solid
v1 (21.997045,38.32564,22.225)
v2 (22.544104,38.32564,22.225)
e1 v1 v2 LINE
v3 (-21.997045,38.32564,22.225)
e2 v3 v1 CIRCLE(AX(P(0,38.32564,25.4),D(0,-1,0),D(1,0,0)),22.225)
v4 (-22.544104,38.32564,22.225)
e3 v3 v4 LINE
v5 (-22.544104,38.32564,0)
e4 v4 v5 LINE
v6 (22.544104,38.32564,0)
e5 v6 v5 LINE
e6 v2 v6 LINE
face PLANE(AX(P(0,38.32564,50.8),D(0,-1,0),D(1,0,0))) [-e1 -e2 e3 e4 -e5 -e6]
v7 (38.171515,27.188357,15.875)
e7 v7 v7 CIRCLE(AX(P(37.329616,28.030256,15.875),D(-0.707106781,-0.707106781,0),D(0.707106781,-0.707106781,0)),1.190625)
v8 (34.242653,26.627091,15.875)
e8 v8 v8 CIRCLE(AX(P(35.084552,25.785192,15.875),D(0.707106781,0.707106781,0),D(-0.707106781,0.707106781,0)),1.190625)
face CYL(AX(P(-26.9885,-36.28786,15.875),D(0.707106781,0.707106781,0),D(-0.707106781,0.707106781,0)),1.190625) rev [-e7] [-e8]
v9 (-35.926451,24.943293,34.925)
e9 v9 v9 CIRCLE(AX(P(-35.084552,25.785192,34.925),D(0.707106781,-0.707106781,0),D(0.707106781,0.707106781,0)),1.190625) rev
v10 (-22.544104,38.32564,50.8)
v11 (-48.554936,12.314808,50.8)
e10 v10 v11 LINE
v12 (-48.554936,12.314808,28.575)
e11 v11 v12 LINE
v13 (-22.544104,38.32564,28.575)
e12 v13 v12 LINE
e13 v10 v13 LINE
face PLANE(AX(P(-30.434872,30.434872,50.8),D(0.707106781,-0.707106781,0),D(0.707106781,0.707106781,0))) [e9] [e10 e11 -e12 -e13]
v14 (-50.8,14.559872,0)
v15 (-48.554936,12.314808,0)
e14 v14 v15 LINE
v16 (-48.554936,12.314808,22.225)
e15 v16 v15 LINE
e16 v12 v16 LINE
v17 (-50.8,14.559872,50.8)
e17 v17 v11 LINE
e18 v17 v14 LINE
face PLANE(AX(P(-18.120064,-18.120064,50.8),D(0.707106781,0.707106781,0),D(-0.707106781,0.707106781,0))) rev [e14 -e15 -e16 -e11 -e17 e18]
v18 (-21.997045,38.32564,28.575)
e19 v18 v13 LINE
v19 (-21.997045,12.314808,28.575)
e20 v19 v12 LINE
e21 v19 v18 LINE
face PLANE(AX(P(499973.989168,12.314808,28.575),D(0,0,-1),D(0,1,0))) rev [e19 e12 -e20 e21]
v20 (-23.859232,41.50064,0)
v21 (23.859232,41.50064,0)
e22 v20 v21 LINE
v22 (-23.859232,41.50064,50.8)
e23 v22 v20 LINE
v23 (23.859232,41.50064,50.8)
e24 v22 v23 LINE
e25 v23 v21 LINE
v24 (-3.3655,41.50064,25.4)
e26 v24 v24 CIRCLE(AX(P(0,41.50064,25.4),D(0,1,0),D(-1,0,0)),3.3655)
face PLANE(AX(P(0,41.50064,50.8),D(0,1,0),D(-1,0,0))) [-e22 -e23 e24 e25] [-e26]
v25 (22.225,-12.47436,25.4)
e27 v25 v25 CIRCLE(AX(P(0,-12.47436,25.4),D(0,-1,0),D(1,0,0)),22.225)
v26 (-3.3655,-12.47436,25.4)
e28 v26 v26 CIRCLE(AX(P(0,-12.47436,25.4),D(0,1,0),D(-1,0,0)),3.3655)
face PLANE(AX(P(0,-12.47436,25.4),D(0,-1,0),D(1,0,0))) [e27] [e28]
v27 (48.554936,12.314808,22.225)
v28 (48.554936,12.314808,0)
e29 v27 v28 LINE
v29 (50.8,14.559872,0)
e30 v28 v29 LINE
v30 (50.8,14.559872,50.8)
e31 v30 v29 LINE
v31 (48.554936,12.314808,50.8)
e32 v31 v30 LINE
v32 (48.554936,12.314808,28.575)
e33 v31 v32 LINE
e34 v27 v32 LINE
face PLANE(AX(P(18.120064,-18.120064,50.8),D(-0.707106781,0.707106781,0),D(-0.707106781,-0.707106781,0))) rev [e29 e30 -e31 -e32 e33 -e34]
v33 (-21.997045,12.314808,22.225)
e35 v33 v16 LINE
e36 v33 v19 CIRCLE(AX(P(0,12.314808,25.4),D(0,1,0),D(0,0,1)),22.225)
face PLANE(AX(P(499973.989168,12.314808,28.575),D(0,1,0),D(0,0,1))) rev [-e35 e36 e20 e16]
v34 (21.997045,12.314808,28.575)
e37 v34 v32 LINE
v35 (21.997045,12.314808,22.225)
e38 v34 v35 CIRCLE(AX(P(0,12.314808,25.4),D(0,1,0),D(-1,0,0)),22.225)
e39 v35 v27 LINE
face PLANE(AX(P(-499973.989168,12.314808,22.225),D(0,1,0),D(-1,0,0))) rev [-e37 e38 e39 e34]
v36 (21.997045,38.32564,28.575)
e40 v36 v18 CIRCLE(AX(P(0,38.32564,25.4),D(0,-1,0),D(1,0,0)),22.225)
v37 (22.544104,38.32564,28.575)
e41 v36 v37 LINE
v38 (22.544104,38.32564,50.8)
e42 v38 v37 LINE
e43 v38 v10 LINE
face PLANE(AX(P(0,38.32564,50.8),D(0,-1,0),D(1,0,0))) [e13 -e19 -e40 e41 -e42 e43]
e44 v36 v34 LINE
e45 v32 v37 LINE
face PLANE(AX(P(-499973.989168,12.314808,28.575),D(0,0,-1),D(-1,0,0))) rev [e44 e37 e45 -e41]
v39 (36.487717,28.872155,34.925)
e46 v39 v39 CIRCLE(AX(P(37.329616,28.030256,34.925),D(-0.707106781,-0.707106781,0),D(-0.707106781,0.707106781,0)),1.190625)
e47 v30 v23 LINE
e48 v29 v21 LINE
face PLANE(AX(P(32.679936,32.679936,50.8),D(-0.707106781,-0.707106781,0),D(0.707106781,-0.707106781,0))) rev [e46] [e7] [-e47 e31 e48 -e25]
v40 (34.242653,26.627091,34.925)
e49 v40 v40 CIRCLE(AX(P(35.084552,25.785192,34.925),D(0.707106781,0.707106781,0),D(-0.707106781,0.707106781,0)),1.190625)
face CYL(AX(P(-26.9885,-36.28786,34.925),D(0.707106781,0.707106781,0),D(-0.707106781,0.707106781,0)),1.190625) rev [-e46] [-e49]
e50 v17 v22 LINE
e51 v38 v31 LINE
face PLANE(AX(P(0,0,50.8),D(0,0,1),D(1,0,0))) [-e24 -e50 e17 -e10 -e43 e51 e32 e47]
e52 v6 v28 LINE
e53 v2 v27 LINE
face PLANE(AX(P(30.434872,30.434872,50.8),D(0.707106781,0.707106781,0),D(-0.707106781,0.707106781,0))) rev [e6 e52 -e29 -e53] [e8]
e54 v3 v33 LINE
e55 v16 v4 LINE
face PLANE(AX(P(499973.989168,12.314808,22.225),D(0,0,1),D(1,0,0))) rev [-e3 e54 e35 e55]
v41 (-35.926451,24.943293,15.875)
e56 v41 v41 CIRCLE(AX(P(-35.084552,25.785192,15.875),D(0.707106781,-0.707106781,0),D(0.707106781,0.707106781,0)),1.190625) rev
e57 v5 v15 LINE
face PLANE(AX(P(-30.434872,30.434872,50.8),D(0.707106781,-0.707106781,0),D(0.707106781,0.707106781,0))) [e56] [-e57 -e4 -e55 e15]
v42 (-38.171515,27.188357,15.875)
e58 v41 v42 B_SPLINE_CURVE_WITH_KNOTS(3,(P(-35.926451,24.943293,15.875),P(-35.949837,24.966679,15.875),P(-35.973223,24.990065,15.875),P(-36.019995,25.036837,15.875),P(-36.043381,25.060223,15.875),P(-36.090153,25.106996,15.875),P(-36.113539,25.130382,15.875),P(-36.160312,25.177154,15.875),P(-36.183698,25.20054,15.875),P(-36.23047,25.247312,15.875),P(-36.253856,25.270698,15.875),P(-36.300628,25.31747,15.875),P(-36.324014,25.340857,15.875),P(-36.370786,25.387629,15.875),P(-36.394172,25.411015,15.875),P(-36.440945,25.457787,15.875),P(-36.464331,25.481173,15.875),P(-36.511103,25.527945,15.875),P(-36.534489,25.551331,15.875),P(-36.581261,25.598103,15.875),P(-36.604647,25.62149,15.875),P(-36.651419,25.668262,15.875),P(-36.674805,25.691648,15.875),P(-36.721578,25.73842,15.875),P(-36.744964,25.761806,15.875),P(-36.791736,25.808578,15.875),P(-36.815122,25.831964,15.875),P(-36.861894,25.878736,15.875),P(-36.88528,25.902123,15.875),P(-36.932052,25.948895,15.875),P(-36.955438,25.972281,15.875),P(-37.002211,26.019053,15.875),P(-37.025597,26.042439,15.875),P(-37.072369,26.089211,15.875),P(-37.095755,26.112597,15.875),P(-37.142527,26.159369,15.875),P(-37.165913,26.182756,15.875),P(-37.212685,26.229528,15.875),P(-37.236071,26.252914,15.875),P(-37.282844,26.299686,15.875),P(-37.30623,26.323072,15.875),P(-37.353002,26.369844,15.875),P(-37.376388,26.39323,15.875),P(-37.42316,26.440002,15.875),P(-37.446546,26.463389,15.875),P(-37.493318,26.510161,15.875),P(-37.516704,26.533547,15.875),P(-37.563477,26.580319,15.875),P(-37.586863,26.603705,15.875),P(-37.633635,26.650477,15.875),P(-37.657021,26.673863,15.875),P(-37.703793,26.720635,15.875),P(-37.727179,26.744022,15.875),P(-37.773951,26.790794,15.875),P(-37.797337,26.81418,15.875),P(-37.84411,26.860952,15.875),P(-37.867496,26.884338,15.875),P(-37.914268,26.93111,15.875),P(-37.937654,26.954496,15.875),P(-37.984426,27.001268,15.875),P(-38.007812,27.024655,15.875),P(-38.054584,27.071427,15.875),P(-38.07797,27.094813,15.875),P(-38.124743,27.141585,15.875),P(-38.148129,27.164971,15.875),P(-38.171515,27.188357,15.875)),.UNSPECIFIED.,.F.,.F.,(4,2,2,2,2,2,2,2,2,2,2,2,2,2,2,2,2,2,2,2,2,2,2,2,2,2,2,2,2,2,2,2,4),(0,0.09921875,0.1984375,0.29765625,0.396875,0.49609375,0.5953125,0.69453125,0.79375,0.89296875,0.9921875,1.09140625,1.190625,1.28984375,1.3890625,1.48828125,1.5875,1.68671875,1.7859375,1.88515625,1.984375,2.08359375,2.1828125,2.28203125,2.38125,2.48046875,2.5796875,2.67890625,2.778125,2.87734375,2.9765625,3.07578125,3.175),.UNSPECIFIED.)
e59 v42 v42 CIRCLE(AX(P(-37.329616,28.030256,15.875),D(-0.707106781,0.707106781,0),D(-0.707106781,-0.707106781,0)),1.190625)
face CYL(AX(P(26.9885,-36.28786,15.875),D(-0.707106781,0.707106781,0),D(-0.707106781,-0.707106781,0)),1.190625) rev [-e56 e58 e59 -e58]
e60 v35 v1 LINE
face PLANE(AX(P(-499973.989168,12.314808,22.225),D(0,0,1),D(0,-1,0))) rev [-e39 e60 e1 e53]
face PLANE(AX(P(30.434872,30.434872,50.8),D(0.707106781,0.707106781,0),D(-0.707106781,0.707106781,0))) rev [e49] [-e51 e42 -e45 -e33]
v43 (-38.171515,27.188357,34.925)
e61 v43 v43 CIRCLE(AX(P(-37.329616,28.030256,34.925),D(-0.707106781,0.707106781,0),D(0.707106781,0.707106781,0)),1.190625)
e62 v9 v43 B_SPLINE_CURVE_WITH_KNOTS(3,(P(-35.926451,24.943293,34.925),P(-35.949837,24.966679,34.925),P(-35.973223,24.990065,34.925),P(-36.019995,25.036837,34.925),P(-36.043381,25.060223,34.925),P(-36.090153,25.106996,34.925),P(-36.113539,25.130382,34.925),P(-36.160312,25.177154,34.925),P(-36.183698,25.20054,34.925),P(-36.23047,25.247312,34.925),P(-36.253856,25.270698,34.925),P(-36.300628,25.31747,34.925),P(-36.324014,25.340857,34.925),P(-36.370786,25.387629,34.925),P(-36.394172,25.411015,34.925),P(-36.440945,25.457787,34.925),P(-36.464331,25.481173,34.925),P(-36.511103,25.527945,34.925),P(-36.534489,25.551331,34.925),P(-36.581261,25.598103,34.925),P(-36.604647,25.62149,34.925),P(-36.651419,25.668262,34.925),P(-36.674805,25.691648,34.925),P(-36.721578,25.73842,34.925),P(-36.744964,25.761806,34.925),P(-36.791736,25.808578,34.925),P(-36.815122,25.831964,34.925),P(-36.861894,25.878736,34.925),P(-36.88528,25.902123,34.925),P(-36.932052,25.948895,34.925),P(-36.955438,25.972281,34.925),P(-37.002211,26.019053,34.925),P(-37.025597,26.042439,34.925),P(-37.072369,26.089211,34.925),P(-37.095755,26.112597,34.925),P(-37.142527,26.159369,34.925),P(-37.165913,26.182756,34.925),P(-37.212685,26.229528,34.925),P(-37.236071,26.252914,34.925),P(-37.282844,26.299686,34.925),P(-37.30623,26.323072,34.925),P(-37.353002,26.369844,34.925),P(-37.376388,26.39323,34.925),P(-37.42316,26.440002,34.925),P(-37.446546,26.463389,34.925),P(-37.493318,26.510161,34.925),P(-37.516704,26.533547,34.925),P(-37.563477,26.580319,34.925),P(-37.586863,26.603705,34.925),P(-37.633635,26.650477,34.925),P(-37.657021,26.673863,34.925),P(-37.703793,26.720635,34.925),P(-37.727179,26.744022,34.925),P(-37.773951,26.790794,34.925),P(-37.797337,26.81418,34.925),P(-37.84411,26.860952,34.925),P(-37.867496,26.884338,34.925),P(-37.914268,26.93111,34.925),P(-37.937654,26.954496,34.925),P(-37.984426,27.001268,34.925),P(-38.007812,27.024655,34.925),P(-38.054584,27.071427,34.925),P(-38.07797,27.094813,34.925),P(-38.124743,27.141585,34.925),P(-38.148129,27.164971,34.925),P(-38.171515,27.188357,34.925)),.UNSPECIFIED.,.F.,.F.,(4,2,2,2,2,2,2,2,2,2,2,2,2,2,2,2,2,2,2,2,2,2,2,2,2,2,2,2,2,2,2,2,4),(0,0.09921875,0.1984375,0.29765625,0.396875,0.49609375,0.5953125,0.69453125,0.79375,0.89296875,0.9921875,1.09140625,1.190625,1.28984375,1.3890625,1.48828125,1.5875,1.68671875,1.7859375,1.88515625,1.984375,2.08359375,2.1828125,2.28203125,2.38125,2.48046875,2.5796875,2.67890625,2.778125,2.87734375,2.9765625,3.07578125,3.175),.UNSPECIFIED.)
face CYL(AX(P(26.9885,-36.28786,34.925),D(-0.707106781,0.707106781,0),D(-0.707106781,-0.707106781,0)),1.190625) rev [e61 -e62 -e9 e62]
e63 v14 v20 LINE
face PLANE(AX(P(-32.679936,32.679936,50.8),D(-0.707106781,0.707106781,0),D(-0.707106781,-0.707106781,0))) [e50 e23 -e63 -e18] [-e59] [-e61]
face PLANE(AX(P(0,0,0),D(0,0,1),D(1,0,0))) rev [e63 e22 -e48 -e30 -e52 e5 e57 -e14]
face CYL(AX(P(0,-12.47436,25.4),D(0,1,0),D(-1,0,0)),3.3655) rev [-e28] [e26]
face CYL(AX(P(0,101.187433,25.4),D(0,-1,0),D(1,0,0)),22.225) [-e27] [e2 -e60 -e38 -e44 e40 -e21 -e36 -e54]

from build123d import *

# Parameters (mm, degrees)
BOSS_EXTRUDE1_DEPTH = 50.8
BOSS_EXTRUDE3_START = 50.8
SKETCH4_R           = 22.225
BOSS_EXTRUDE3_DEPTH = 50.8
SKETCH8_W           = 6.35
SKETCH8_H           = 36.78487194
BOSS_EXTRUDE5_DEPTH = 26.649040147
CIRPATTERN2_COUNT   = 2
CIRPATTERN2_ANGLE   = 180
SKETCH9_R           = 3.3655
CUT_EXTRUDE1_DEPTH  = 90.858670283
CUT_EXTRUDE2_REACH  = 109.65
SKETCH10_R          = 1.190625


with BuildPart() as part:
    # Sketch1 → Boss-Extrude1 (new body)
    with BuildSketch(Plane.XY):
        Polygon((-50.8, 14.559871939), (-23.859231637, 41.500640303), (23.859231637, 41.500640303), (50.8, 14.559871939), (48.55493597, 12.314807909), (22.544103576, 38.325640303), (-22.544103576, 38.325640303), (-48.55493597, 12.314807909), align=None)
    extrude(amount=BOSS_EXTRUDE1_DEPTH)

    # Sketch4 → Boss-Extrude3 (add)
    with BuildSketch(Plane.XZ.offset(-38.325640303).offset(BOSS_EXTRUDE3_START)):
        with Locations((0, 25.4)):
            Circle(SKETCH4_R)
    extrude(amount=-BOSS_EXTRUDE3_DEPTH)

    # Sketch8 → Boss-Extrude5 (add, along a direction that is not the sketch's normal)
    with BuildSketch(Plane(origin=(-30.434871939, 30.434871939, 0), x_dir=(0, 0, -1), z_dir=(0.7071067811865515, -0.7071067811865436, 0))):
        with Locations((-25.4, -7.233204333)):
            Rectangle(SKETCH8_W, SKETCH8_H)
    boss_extrude5 = extrude(amount=BOSS_EXTRUDE5_DEPTH, dir=(1, 0, 0))

    # CirPattern2: Boss-Extrude5 ×2 about axis
    cirpattern2_axis = Axis((0, 101.18743315, 25.4), (0, -1, 0))
    for i in range(1, CIRPATTERN2_COUNT):
        add(boss_extrude5.rotate(cirpattern2_axis, i * CIRPATTERN2_ANGLE / (CIRPATTERN2_COUNT - 1)))

    # Sketch9 → Cut-Extrude1 (cut, through all)
    with BuildSketch(Plane(origin=(0, 41.500640303, 0), x_dir=(1, 0, 0), z_dir=(0, 1, 0))):
        with Locations(Location((0, -25.4, 0), (0, 0, 180))):
            Circle(SKETCH9_R)
    extrude(amount=-CUT_EXTRUDE1_DEPTH, mode=Mode.SUBTRACT)

    # Sketch10 → Cut-Extrude2 (cut, up to next)
    with BuildSketch(Plane(origin=(-32.67993597, 32.67993597, 0), x_dir=(0, 0, 1), z_dir=(-0.7071067811865517, 0.7071067811865434, 0)), mode=Mode.PRIVATE) as cut_extrude2_sk1:
        with Locations(Location((15.875, -6.575640303, 0), (0, 0, 270))):
            Circle(SKETCH10_R)
    cut_extrude2_tool1 = extrude(cut_extrude2_sk1.sketch, amount=-CUT_EXTRUDE2_REACH, mode=Mode.PRIVATE) & part.part
    # Sketch10 → Cut-Extrude2 (cut, up to next)
    with BuildSketch(Plane(origin=(-32.67993597, 32.67993597, 0), x_dir=(0, 0, 1), z_dir=(-0.7071067811865517, 0.7071067811865434, 0)), mode=Mode.PRIVATE) as cut_extrude2_sk2:
        with Locations(Location((34.925, -6.575640303, 0), (0, 0, 270))):
            Circle(SKETCH10_R)
    cut_extrude2_tool2 = extrude(cut_extrude2_sk2.sketch, amount=-CUT_EXTRUDE2_REACH, mode=Mode.PRIVATE) & part.part
    cut_extrude2_1 = cut_extrude2_tool1.solids().sort_by_distance((-37.329616, 28.030256, 15.875))[0]
    add(cut_extrude2_1, mode=Mode.SUBTRACT)
    cut_extrude2_2 = cut_extrude2_tool2.solids().sort_by_distance((-37.329616, 28.030256, 34.925))[0]
    add(cut_extrude2_2, mode=Mode.SUBTRACT)
    cut_extrude2 = cut_extrude2_1 + cut_extrude2_2  # Cut-Extrude2 as one shape, for the pattern or mirror that repeats it

    # Mirror2: Cut-Extrude2 across plane
    add(cut_extrude2.mirror(Plane(origin=(0, 0, 0), x_dir=(0, 0, 1), z_dir=(1, 0, 0))), mode=Mode.SUBTRACT)


solid = part.part
